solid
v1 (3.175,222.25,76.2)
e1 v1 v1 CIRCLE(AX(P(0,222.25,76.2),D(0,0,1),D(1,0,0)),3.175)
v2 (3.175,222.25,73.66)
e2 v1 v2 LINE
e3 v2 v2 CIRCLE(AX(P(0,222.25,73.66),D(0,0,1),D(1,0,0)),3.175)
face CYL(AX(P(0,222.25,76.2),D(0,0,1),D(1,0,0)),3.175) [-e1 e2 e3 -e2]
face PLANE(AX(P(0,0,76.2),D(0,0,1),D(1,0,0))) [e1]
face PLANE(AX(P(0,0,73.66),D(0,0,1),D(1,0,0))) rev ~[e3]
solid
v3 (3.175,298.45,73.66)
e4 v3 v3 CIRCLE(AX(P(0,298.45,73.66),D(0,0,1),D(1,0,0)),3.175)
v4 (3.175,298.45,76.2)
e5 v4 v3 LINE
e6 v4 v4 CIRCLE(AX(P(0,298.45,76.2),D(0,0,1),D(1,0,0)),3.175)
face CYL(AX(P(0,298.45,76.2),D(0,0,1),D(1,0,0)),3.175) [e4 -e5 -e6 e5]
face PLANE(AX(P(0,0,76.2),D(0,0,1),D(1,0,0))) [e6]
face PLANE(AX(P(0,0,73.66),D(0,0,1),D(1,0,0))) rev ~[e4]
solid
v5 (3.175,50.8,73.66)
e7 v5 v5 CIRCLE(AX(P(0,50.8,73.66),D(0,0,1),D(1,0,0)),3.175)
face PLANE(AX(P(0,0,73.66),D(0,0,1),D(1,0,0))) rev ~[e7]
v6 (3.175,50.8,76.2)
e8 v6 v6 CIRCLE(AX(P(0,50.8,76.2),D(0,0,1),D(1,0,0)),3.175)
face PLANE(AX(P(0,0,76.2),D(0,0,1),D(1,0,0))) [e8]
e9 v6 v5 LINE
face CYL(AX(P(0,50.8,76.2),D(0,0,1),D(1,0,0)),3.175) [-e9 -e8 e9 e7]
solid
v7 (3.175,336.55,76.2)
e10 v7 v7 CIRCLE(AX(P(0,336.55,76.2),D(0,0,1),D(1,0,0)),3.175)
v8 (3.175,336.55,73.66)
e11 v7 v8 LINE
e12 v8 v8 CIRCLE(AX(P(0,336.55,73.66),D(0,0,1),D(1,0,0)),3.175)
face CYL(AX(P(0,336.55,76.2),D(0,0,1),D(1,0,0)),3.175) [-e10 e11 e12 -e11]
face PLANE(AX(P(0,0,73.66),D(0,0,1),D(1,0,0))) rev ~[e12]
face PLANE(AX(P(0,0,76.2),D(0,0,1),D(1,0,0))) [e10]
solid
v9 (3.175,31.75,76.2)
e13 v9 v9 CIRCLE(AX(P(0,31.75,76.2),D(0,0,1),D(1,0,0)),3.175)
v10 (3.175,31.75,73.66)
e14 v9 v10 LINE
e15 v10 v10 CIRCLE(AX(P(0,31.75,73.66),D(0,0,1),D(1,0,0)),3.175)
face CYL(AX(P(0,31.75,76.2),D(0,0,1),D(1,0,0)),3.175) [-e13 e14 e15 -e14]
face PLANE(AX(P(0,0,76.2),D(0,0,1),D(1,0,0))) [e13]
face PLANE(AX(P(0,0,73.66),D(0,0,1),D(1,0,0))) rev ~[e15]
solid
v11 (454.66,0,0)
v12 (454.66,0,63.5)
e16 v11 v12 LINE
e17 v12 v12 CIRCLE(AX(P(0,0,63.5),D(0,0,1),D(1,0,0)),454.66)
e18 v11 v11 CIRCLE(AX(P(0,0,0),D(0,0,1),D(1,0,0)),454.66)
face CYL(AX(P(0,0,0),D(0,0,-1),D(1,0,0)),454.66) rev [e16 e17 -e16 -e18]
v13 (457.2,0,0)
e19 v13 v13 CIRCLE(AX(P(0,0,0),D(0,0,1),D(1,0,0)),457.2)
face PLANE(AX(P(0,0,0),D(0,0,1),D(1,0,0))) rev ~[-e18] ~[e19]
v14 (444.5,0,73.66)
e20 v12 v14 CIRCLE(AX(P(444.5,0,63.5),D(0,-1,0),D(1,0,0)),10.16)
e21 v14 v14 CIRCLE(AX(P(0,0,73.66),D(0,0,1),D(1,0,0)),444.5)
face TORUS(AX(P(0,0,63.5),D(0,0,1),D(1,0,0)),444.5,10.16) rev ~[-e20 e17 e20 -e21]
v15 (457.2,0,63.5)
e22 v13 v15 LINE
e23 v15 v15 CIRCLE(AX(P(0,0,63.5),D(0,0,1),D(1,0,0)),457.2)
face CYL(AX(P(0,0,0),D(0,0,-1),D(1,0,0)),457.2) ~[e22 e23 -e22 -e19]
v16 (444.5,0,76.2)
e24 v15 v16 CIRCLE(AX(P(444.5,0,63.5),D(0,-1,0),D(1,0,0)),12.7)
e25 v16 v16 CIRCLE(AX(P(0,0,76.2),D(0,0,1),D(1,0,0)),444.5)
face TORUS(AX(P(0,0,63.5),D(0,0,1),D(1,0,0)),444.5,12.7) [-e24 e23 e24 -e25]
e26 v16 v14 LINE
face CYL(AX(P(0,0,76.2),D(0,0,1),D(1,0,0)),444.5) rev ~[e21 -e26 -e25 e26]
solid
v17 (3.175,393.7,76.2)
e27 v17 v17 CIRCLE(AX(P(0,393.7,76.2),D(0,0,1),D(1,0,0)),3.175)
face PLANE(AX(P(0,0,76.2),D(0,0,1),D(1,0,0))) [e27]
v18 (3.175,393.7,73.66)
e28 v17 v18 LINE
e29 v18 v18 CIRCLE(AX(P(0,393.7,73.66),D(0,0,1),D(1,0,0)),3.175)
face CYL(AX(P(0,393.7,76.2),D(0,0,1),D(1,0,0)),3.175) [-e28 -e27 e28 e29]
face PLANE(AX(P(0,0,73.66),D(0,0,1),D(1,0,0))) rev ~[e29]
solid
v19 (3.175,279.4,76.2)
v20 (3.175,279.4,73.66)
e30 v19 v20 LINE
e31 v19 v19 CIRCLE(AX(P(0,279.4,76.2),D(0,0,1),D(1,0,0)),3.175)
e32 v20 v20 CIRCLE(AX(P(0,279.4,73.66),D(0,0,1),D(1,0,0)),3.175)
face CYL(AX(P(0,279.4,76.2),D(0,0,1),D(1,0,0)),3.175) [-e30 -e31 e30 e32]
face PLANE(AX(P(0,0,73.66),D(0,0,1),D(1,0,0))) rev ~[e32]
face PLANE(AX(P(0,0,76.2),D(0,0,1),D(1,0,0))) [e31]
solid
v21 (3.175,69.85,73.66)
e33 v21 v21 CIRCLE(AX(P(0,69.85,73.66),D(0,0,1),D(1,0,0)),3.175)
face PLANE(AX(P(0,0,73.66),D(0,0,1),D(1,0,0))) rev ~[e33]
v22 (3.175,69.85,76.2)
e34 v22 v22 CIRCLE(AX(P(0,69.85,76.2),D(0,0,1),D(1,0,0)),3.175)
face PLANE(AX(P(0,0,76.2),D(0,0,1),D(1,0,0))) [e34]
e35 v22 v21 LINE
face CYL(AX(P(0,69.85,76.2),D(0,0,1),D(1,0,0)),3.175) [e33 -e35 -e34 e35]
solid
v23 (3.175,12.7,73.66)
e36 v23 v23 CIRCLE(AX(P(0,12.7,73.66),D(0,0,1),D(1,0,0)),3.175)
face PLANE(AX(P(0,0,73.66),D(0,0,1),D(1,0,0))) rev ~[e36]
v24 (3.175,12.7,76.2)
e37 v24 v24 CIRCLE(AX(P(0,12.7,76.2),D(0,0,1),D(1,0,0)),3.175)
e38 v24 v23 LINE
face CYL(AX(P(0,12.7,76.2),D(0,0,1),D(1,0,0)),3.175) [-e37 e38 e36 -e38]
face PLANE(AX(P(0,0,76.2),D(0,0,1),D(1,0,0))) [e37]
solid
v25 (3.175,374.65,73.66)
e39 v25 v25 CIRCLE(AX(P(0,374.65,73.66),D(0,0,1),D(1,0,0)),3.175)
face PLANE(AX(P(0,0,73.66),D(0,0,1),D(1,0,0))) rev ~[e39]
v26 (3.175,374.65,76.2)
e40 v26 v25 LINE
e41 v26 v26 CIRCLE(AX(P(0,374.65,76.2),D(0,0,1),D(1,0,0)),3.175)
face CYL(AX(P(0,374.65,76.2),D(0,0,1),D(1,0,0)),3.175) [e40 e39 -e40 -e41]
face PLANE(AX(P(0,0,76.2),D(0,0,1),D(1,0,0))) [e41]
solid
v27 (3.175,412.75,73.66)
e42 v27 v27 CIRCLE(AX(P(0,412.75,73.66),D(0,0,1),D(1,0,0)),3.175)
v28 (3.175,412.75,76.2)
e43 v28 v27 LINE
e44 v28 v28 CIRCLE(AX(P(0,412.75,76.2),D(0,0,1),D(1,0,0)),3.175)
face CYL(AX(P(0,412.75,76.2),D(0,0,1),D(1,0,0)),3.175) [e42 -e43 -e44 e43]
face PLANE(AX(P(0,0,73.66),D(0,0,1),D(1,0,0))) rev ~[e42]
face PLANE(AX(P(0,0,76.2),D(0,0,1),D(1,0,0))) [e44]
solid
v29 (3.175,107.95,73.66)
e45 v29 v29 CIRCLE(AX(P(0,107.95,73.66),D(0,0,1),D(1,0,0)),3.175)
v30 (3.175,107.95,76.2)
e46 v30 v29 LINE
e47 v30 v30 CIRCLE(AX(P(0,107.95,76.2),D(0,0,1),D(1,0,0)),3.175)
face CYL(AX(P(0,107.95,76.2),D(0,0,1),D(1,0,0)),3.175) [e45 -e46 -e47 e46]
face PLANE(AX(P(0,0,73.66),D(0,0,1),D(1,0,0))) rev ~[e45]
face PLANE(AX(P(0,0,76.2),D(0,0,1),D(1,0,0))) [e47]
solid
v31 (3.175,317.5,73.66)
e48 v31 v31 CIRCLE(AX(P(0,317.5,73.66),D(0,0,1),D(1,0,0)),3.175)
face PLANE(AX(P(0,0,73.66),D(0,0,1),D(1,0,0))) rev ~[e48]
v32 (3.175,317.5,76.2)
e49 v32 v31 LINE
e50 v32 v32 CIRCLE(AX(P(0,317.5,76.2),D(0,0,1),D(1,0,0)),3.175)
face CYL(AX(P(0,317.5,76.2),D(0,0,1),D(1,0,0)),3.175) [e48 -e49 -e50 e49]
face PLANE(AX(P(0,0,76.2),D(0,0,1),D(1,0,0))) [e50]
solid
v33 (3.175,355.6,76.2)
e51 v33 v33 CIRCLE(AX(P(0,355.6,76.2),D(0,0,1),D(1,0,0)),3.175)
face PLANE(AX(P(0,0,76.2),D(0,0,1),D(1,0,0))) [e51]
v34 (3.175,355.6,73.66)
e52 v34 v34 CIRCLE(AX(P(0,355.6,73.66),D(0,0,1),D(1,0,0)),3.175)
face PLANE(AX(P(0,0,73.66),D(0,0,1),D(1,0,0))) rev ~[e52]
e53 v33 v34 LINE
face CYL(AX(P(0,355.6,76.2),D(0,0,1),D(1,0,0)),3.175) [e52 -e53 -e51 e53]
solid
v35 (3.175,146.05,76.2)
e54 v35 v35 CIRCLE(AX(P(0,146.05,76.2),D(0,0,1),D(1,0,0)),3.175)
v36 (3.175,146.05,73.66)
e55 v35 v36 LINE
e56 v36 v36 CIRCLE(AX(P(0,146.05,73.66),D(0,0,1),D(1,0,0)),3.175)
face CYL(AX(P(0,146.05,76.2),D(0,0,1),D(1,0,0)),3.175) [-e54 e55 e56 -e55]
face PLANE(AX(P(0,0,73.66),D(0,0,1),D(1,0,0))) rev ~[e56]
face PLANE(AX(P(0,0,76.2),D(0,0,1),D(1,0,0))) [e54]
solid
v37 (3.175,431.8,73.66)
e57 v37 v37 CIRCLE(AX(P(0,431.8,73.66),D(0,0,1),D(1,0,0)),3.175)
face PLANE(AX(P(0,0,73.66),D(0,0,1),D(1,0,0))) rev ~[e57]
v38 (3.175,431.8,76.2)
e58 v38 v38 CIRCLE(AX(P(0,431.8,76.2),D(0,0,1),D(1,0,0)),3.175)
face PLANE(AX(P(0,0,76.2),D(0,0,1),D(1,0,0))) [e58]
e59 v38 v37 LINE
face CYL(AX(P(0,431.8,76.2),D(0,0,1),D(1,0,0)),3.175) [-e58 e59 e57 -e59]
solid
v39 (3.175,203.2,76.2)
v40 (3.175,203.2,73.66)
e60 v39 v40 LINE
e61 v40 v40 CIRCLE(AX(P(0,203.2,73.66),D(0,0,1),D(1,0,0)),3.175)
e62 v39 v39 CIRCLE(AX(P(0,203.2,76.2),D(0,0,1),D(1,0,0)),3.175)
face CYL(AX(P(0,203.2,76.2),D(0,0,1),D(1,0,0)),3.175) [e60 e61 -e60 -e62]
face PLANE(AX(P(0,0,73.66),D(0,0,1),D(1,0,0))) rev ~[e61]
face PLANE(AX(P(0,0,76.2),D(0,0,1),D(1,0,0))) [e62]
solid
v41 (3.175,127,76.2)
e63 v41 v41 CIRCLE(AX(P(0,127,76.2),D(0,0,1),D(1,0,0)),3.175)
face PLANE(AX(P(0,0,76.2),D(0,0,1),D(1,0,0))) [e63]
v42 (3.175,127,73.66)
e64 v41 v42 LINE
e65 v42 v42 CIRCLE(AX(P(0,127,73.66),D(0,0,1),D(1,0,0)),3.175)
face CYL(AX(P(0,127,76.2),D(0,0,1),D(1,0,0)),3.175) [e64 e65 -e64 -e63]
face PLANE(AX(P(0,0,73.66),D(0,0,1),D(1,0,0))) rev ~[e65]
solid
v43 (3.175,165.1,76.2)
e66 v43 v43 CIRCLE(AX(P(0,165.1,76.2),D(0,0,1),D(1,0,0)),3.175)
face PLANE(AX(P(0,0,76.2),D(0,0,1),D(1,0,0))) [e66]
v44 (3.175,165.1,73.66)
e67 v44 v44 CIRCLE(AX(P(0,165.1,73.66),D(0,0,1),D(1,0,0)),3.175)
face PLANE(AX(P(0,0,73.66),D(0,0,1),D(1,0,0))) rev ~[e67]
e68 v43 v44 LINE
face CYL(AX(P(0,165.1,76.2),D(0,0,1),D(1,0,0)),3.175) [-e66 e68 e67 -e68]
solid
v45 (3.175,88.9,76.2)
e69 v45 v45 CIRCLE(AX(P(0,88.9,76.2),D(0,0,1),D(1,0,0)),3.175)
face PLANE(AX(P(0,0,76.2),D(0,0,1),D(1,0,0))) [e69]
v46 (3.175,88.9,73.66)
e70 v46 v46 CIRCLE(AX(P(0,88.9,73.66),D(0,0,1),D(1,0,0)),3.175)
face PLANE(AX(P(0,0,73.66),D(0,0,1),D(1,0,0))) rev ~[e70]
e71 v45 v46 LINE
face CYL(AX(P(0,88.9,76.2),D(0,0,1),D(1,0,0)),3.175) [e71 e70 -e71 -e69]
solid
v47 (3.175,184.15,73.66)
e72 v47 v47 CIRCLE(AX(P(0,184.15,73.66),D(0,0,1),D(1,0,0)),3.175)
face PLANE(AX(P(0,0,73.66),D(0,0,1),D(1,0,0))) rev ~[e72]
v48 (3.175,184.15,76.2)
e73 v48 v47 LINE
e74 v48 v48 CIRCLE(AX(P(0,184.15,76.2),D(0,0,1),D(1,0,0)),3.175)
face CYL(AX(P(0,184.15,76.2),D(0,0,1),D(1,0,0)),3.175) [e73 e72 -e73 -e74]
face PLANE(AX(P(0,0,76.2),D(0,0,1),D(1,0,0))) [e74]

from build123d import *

# Parameters (mm, degrees)
F0_R     = 457.2
F1_DEPTH = 76.2
F2_R     = 12.7
F3_T     = -2.54
F4_R     = 444.5
F4_R_2   = 3.175
F5_DEPTH = 2.54


with BuildPart() as f1:
    # F0 (on Top) → F1 (new body)
    with BuildSketch(Plane.XY):
        Circle(F0_R)
    extrude(amount=F1_DEPTH)

    # F2
    f2_edges = [f1.edges().sort_by_distance(p)[0] for p in [
        (-457.2, 0, 76.2),
    ]]
    fillet(f2_edges, radius=F2_R)

    # F3
    f3_openings = [f1.faces().sort_by_distance(p)[0] for p in [
        (0, 0, 0),
    ]]
    offset(amount=F3_T, openings=f3_openings)

    # F4 (on face) → F5 (cut)
    with BuildSketch(Plane.XY.offset(76.2)):
        Circle(F4_R)
        with Locations((0, 12.7)):
            Circle(F4_R_2, mode=Mode.SUBTRACT)
        with Locations((0, 31.75)):
            Circle(F4_R_2, mode=Mode.SUBTRACT)
        with Locations((0, 50.8)):
            Circle(F4_R_2, mode=Mode.SUBTRACT)
        with Locations((0, 69.85)):
            Circle(F4_R_2, mode=Mode.SUBTRACT)
        with Locations((0, 88.9)):
            Circle(F4_R_2, mode=Mode.SUBTRACT)
        with Locations((0, 107.95)):
            Circle(F4_R_2, mode=Mode.SUBTRACT)
        with Locations((0, 127)):
            Circle(F4_R_2, mode=Mode.SUBTRACT)
        with Locations((0, 146.05)):
            Circle(F4_R_2, mode=Mode.SUBTRACT)
        with Locations((0, 165.1)):
            Circle(F4_R_2, mode=Mode.SUBTRACT)
        with Locations((0, 184.15)):
            Circle(F4_R_2, mode=Mode.SUBTRACT)
        with Locations((0, 203.2)):
            Circle(F4_R_2, mode=Mode.SUBTRACT)
        with Locations((0, 222.25)):
            Circle(F4_R_2, mode=Mode.SUBTRACT)
        with Locations((0, 241.3)):
            Circle(F4_R_2, mode=Mode.SUBTRACT)
        with Locations((0, 260.35)):
            Circle(F4_R_2, mode=Mode.SUBTRACT)
        with Locations((0, 279.4)):
            Circle(F4_R_2, mode=Mode.SUBTRACT)
        with Locations((0, 298.45)):
            Circle(F4_R_2, mode=Mode.SUBTRACT)
        with Locations((0, 317.5)):
            Circle(F4_R_2, mode=Mode.SUBTRACT)
        with Locations((0, 336.55)):
            Circle(F4_R_2, mode=Mode.SUBTRACT)
        with Locations((0, 355.6)):
            Circle(F4_R_2, mode=Mode.SUBTRACT)
        with Locations((0, 374.65)):
            Circle(F4_R_2, mode=Mode.SUBTRACT)
        with Locations((0, 393.7)):
            Circle(F4_R_2, mode=Mode.SUBTRACT)
        with Locations((0, 412.75)):
            Circle(F4_R_2, mode=Mode.SUBTRACT)
        with Locations((0, 431.8)):
            Circle(F4_R_2, mode=Mode.SUBTRACT)
        with Locations((0, 241.3)):
            Circle(F4_R_2)
        with Locations((0, 260.35)):
            Circle(F4_R_2)
    extrude(amount=-F5_DEPTH, mode=Mode.SUBTRACT)


solid = f1.part
